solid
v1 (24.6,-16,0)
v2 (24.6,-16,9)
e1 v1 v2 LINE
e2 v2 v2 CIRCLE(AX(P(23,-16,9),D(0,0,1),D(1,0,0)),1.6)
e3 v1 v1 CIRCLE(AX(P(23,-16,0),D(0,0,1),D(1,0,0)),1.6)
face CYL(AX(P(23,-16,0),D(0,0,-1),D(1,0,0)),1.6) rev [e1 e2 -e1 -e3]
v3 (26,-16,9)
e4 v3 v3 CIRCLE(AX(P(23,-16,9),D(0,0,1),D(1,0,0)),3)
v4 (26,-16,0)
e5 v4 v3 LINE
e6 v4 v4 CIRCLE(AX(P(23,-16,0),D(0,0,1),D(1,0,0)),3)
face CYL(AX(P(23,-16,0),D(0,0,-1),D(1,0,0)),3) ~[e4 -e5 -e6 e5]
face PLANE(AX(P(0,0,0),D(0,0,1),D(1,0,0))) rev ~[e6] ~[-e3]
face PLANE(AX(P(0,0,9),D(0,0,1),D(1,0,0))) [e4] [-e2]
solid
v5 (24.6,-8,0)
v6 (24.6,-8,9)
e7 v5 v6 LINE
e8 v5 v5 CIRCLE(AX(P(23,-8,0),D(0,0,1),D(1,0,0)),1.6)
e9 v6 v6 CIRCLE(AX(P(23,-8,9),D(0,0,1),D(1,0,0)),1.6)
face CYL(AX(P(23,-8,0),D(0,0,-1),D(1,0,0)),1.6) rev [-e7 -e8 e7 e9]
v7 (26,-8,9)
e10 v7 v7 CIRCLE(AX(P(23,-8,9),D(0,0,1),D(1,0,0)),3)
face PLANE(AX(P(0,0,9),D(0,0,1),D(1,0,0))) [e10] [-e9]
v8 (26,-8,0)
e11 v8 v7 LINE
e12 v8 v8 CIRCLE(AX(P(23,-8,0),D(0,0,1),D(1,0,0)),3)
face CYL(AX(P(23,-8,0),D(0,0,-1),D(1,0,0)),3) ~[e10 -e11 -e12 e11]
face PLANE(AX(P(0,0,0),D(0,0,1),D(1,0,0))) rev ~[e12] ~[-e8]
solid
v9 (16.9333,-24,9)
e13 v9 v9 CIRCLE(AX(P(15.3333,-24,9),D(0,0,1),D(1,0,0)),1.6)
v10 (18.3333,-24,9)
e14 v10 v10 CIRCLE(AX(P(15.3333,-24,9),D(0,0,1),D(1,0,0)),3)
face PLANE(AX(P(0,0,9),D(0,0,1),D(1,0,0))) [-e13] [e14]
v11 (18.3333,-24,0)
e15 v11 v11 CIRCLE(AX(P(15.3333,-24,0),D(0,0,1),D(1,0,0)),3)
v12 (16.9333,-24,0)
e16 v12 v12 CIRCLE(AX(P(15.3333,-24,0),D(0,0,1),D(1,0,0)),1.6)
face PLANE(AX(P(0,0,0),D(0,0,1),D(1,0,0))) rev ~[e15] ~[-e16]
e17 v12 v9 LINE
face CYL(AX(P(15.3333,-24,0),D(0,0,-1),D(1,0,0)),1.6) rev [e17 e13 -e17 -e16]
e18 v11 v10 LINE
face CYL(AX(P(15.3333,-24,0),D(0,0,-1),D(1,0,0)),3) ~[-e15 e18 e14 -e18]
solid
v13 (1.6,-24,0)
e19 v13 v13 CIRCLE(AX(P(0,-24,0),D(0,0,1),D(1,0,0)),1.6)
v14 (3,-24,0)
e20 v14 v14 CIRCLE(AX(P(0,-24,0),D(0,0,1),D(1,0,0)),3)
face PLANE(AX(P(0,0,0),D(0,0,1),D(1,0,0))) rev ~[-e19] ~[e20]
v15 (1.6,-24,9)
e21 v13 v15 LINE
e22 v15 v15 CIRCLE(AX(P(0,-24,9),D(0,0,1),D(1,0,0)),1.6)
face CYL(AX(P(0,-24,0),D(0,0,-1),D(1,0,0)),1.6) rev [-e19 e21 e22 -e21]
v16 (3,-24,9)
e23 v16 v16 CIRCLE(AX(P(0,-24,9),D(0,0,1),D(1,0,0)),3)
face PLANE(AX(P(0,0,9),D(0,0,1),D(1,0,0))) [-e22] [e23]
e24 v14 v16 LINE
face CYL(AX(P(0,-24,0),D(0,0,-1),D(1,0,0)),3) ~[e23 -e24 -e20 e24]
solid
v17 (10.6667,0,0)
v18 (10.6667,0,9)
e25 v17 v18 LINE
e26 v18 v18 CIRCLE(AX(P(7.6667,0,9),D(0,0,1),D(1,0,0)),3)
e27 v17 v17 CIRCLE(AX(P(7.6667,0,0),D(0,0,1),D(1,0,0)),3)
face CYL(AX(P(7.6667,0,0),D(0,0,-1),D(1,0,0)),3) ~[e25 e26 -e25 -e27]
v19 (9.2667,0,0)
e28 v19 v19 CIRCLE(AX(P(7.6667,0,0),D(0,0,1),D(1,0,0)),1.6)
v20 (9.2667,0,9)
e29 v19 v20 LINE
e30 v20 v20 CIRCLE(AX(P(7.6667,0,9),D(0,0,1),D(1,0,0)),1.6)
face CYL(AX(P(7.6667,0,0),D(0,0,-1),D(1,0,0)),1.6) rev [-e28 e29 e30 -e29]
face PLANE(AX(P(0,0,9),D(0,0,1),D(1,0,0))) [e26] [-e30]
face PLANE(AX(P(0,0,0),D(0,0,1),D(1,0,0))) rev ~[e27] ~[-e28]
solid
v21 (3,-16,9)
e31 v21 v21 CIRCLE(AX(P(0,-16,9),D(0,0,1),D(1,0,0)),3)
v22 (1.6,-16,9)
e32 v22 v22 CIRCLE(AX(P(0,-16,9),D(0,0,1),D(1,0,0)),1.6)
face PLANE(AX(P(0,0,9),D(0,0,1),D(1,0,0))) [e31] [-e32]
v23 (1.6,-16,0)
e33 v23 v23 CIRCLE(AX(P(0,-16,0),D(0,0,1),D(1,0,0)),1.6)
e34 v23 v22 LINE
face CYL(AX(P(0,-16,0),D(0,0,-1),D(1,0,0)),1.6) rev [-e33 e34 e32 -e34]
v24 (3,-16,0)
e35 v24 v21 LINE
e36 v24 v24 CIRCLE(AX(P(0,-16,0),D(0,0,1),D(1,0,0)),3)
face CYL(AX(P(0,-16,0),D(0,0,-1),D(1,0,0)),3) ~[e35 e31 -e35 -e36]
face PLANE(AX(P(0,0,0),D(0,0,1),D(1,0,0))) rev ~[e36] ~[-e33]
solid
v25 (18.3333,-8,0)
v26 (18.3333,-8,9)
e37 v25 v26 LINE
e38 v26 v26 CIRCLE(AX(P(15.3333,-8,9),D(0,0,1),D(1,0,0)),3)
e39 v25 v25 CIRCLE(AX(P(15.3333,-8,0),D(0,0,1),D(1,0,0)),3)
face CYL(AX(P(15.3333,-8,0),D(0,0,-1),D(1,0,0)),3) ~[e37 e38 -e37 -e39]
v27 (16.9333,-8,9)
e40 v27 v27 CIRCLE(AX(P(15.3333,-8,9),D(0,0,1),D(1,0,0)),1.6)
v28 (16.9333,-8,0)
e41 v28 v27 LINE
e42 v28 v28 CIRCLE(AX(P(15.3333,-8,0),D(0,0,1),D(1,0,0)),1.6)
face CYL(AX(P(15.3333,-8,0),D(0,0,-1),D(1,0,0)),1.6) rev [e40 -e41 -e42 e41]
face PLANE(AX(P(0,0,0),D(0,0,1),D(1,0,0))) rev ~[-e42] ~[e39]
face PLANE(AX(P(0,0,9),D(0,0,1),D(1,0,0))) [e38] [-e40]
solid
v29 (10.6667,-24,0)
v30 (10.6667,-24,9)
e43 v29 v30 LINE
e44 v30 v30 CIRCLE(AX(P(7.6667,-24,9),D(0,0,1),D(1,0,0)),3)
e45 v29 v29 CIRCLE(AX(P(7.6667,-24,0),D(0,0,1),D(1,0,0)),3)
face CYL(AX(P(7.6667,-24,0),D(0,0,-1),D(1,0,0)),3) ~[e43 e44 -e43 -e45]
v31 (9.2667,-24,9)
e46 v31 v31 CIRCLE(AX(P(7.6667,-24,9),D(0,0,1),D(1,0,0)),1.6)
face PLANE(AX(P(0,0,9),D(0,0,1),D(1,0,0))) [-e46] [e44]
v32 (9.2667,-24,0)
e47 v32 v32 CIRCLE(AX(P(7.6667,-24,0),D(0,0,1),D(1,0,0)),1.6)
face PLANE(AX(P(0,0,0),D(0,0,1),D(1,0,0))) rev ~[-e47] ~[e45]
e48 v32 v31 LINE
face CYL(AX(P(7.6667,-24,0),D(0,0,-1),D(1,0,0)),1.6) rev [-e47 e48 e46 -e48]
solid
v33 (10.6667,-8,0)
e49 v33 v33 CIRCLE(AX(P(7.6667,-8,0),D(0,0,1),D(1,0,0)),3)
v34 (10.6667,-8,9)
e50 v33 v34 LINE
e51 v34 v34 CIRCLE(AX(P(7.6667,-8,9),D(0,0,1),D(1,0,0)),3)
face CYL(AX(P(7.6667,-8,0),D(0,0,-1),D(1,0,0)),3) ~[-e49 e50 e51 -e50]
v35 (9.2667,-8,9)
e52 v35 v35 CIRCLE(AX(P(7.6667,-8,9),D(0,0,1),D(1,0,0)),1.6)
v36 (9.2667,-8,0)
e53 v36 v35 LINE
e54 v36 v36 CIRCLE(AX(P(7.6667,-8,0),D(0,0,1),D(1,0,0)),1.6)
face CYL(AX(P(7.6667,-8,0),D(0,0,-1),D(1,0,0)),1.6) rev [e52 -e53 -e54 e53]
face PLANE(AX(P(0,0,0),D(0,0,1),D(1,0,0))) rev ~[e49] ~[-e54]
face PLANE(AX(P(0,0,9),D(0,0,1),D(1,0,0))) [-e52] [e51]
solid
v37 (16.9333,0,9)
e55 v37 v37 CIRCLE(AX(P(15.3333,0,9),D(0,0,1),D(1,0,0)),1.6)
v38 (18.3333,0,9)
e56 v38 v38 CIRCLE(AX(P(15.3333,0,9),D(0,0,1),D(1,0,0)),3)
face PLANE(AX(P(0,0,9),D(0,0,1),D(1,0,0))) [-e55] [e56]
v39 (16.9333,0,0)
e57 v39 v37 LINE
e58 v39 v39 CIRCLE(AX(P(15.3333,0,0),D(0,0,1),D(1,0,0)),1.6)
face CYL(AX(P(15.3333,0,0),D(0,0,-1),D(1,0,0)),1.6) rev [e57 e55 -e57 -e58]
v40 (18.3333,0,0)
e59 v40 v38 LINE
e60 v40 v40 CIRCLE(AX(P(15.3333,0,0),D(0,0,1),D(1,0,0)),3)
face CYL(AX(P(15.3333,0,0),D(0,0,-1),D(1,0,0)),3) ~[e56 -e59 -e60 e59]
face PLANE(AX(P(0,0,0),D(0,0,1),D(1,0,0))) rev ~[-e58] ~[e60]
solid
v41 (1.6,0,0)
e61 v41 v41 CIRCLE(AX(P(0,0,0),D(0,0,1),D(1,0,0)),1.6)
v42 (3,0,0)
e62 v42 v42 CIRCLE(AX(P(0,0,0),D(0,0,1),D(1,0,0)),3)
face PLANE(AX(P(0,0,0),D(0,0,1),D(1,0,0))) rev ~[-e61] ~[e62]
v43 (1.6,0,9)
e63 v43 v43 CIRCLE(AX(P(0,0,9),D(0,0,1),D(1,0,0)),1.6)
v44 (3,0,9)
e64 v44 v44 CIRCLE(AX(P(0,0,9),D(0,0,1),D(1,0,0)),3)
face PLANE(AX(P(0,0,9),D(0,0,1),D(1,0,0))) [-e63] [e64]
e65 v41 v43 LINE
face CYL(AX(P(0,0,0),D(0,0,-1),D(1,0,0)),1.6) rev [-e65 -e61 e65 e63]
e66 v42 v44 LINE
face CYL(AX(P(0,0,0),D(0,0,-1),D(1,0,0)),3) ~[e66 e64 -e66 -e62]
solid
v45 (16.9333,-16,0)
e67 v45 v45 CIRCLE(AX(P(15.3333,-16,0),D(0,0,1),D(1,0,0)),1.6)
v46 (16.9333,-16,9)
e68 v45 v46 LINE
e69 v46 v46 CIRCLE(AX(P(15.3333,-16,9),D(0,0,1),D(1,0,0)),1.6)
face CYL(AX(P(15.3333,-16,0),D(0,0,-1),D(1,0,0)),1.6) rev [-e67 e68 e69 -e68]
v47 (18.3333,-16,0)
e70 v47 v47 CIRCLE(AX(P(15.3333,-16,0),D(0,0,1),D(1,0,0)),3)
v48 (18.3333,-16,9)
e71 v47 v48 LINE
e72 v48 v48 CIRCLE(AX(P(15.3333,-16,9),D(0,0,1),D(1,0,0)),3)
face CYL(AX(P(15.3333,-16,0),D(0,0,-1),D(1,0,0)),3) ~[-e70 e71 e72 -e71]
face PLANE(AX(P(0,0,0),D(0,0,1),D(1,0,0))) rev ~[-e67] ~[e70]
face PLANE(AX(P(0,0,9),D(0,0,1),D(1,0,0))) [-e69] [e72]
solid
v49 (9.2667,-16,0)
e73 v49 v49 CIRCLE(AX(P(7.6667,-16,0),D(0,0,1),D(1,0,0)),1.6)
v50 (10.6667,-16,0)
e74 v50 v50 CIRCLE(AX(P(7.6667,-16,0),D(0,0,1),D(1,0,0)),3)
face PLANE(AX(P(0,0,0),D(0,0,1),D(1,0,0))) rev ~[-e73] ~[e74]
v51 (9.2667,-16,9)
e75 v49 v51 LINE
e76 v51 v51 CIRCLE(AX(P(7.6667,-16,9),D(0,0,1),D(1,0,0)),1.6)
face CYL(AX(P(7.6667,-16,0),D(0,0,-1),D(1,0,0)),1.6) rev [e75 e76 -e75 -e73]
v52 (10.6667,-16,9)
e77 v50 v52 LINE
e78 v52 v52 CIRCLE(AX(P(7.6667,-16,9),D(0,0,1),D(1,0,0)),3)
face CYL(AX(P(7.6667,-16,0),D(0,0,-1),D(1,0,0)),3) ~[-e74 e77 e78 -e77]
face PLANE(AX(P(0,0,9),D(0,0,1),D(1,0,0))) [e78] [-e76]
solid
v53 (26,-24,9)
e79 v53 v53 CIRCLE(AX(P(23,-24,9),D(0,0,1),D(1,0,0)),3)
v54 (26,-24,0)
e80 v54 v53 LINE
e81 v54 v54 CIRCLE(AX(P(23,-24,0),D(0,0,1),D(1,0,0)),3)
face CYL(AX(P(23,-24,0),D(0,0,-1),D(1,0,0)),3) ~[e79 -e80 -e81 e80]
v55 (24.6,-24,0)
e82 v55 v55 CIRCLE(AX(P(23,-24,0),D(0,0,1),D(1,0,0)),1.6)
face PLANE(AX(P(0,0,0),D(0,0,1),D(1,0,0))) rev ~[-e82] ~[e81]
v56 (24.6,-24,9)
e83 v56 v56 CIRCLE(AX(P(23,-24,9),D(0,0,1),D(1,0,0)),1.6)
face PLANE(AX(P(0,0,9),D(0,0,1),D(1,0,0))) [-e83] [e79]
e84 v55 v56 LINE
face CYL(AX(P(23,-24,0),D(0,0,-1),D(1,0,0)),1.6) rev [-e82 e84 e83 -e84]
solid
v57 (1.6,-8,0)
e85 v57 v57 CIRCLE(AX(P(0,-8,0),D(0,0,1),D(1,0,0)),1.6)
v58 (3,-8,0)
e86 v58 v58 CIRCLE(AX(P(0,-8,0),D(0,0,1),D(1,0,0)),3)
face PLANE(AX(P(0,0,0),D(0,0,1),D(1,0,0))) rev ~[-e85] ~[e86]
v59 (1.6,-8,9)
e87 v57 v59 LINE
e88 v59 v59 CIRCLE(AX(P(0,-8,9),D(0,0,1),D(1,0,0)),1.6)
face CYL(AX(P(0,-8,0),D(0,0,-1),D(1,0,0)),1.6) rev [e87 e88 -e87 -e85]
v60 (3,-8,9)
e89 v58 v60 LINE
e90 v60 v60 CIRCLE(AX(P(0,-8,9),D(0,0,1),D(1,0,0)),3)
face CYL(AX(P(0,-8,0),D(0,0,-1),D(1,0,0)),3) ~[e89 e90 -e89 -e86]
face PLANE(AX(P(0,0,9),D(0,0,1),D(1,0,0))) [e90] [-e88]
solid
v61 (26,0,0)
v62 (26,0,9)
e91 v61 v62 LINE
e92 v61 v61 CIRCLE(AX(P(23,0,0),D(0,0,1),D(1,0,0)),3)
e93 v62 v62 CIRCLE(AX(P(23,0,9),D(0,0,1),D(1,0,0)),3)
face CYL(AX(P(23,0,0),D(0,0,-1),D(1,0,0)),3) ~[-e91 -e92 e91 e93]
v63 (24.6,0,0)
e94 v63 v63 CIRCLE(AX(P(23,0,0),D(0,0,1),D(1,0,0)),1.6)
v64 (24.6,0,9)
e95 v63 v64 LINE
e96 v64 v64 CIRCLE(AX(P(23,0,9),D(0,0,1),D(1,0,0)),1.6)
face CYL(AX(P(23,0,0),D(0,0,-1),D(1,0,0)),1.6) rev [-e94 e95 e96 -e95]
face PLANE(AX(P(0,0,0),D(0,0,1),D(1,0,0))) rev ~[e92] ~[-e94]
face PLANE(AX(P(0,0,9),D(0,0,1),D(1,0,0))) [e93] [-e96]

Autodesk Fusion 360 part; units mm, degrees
sketch "Sketch1" plane through (0, 0, 0) normal (0, 0, 1) x (1, 0, 0)
  circle A0 centre (0, 0) radius 3
  circle A1 centre (0, 0) radius 1.6
  circle A2 centre (7.6667, 0) radius 1.6
  circle A3 centre (7.6667, 0) radius 3
  circle A4 centre (15.3333, 0) radius 1.6
  circle A5 centre (15.3333, 0) radius 3
  circle A6 centre (23, 0) radius 1.6
  circle A7 centre (23, 0) radius 3
  circle A8 centre (0, -8) radius 1.6
  circle A9 centre (0, -8) radius 3
  circle A10 centre (7.6667, -8) radius 1.6
  circle A11 centre (7.6667, -8) radius 3
  circle A12 centre (15.3333, -8) radius 1.6
  circle A13 centre (15.3333, -8) radius 3
  circle A14 centre (23, -8) radius 1.6
  circle A15 centre (23, -8) radius 3
  circle A16 centre (0, -16) radius 1.6
  circle A17 centre (0, -16) radius 3
  circle A18 centre (7.6667, -16) radius 1.6
  circle A19 centre (7.6667, -16) radius 3
  circle A20 centre (15.3333, -16) radius 1.6
  circle A21 centre (15.3333, -16) radius 3
  circle A22 centre (23, -16) radius 1.6
  circle A23 centre (23, -16) radius 3
  circle A24 centre (0, -24) radius 1.6
  circle A25 centre (0, -24) radius 3
  circle A26 centre (7.6667, -24) radius 1.6
  circle A27 centre (7.6667, -24) radius 3
  circle A28 centre (15.3333, -24) radius 1.6
  circle A29 centre (15.3333, -24) radius 3
  circle A30 centre (23, -24) radius 1.6
  circle A31 centre (23, -24) radius 3
  dimension "d1" = 6
  dimension "d2" = 3.2
  dimension "d5" = 23
  dimension "d6" = -24
extrude "Extrude1" add sketch "Sketch1" along normal blind 9 makes body 1 at (25.9963, -16.1495, 6) makes body 2 at (18.3296, -8.1495, 6) makes body 3 at (10.6629, -16.1495, 6) makes body 4 at (2.9963, -8.1495, 6) makes body 5 at (2.9963, -16.1495, 6) makes body 6 at (10.6629, -8.1495, 6) makes body 7 at (18.3296, -16.1495, 6) makes body 8 at (25.9963, -8.1495, 6) makes body 9 at (25.9963, -24.1495, 6) makes body 10 at (18.3296, -0.1495, 6) makes body 11 at (10.6629, -24.1495, 6) makes body 12 at (2.9963, -0.1495, 6) makes body 13 at (2.9963, -24.1495, 6) makes body 14 at (10.6629, -0.1495, 6) makes body 15 at (18.3296, -24.1495, 6) makes body 16 at (25.9963, -0.1495, 6)
